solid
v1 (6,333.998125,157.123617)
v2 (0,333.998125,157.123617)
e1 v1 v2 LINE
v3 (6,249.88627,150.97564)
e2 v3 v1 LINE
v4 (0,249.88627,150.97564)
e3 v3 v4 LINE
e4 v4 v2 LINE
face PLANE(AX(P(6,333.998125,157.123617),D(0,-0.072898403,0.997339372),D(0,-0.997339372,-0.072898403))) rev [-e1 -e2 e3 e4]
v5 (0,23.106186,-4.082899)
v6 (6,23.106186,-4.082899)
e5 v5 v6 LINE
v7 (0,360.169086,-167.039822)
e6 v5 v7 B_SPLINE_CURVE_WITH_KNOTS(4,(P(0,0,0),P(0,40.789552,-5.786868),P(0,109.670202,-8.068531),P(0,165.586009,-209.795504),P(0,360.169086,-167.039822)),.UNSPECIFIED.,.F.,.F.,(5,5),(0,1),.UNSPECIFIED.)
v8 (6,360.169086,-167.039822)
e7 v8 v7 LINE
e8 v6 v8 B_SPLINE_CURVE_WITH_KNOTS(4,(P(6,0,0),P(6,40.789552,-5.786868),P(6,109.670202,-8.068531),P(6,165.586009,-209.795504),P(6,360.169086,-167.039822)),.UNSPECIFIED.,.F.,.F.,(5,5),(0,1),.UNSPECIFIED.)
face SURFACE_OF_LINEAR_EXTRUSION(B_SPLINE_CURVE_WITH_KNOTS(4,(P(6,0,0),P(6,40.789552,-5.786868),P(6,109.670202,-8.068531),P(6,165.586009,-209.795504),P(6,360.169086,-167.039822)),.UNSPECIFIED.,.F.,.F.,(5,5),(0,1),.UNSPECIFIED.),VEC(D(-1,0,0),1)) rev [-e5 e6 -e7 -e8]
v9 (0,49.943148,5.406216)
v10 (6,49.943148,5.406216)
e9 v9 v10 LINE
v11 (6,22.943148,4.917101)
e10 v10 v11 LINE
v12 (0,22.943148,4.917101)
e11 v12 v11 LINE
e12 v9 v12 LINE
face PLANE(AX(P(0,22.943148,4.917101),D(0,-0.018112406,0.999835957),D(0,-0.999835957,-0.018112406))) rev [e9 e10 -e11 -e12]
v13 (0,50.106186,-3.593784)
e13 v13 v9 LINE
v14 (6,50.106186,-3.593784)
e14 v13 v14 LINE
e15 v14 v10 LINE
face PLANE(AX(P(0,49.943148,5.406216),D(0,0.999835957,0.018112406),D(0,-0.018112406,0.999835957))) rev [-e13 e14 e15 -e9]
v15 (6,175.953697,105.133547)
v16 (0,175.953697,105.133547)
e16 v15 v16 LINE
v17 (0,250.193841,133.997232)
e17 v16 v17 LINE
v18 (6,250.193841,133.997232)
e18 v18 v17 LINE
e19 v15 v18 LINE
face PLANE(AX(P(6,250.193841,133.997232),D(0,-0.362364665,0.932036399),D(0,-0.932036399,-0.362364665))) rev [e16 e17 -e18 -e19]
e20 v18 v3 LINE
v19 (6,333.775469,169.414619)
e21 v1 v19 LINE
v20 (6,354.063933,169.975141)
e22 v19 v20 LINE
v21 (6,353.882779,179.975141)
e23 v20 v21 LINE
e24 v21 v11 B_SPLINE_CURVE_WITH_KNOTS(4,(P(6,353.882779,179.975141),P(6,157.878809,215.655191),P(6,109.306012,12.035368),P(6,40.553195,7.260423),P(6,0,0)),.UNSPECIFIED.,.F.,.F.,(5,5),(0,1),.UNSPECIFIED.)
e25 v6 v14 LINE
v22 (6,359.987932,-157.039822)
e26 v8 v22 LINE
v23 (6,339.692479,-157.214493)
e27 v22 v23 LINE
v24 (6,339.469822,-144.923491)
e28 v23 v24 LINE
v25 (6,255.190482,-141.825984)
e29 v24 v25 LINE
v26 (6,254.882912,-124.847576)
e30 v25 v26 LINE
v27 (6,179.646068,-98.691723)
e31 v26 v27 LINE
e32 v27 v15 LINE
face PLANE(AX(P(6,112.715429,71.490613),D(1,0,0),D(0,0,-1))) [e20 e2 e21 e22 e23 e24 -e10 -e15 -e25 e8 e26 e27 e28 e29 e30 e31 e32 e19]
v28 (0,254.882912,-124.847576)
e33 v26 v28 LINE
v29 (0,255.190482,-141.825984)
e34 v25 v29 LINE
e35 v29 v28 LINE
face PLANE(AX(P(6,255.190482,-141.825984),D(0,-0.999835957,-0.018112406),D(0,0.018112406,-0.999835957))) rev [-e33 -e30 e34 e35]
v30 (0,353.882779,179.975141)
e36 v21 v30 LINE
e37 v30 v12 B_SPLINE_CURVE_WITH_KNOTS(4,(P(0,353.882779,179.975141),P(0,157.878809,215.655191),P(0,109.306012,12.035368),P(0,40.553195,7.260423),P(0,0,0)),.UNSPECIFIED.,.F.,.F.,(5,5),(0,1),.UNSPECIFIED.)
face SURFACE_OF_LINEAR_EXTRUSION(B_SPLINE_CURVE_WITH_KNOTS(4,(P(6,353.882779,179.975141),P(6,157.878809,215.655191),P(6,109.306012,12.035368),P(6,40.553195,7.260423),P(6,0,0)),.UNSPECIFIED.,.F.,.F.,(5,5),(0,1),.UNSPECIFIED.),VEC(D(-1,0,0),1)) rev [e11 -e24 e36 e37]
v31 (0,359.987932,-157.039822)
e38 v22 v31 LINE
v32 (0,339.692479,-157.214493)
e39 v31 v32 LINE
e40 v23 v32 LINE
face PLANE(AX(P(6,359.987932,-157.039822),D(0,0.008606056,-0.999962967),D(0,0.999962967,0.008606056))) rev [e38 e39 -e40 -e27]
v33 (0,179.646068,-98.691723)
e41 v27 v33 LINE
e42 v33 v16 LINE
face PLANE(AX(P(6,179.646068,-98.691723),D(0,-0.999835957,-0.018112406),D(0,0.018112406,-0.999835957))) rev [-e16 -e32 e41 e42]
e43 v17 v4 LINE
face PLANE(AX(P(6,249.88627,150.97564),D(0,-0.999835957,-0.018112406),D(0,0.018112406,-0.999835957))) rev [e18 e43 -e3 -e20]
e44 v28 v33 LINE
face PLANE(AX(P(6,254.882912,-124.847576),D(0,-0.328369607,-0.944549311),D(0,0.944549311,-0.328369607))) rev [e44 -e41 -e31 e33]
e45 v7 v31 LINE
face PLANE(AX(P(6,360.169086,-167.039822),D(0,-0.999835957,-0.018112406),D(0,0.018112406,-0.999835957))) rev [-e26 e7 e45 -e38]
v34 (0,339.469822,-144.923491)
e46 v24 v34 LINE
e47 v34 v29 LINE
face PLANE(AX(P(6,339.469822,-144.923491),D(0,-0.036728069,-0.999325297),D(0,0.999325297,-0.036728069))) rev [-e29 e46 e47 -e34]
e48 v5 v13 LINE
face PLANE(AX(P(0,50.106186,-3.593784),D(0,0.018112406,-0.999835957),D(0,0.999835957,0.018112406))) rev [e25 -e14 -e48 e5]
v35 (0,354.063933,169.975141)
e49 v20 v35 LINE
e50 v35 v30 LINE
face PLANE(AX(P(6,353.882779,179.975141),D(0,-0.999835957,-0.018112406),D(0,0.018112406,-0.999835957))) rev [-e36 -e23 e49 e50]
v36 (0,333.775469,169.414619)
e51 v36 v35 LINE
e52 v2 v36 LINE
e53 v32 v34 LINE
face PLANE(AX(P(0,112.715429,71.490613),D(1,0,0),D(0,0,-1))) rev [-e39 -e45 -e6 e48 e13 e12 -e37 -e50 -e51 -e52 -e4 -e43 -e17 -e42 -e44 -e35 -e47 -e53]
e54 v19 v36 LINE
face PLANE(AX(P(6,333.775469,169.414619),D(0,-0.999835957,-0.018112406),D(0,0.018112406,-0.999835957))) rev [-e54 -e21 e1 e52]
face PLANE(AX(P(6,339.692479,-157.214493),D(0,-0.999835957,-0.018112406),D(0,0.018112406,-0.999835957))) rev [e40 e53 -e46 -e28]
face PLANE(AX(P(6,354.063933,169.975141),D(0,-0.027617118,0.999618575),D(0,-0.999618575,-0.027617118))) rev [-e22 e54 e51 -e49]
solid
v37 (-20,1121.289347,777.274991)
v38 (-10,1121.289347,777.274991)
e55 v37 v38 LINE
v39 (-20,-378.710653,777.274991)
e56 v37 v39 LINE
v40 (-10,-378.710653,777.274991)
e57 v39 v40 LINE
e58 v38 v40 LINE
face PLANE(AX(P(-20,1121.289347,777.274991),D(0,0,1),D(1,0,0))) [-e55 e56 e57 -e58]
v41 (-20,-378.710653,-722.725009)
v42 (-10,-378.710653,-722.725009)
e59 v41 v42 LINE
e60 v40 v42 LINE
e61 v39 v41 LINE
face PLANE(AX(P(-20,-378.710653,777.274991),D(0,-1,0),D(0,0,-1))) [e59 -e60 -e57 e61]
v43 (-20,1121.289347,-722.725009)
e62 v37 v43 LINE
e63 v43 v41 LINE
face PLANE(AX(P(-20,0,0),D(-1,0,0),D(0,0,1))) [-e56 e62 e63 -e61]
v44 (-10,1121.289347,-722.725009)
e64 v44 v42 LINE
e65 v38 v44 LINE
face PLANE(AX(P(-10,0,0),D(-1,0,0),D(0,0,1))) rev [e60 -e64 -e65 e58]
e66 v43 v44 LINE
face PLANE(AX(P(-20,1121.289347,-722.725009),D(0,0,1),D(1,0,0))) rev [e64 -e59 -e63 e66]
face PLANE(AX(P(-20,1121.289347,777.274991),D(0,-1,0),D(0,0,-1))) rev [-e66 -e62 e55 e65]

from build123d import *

# Parameters (mm, degrees)
BOSS_EXTRU_2_DEPTH      = 10
BOSS_EXTRU_3_DEPTH      = 6
ENL_V_MAT_EXTRU_1_DEPTH = 6


with BuildPart() as part:
    # Esquisse3D1 → Boss.-Extru.2 (new body)
    with BuildSketch(Plane(origin=(-20, 1121.289346724, 777.274991403), x_dir=(0, -0.7071067811865476, -0.7071067811865476), z_dir=(1, 0, 0))):
        Polygon((0, 0), (1060.66017178, 1060.66017178), (2121.32034356, 0), (1060.66017178, -1060.66017178), align=None)
    extrude(amount=BOSS_EXTRU_2_DEPTH)


with BuildPart() as body_2:
    # Esquisse5 → Boss.-Extru.3 (new body)
    with BuildSketch(Plane(origin=(0, 0, 0), x_dir=(0, 0, -1), z_dir=(1, 0, 0))):
        with BuildLine():
            Line((167.039822401, 360.16908577), (157.039822401, 359.987931998))
            Line((157.039822401, 359.987931998), (157.21449267, 339.6924785))
            Line((157.21449267, 339.6924785), (144.923491305, 339.469822374))
            Line((144.923491305, 339.469822374), (141.825983952, 255.190482283))
            Line((141.825983952, 255.190482283), (124.84757632, 254.882912023))
            Line((124.84757632, 254.882912023), (98.691723454, 179.646068268))
            Line((98.691723454, 179.646068268), (-105.133547346, 175.953696593))
            Line((-105.133547346, 175.953696593), (-133.997232238, 250.193840666))
            Line((-133.997232238, 250.193840666), (-150.97563987, 249.886270406))
            Line((-150.97563987, 249.886270406), (-157.123617242, 333.998125053))
            Line((-157.123617242, 333.998125053), (-169.414618607, 333.775468927))
            Line((-169.414618607, 333.775468927), (-169.975141307, 354.063932562))
            Line((-169.975141307, 354.063932562), (-179.975141307, 353.882778789))
            add(Edge.make_bspline(
                [(0, 0), (-7.26042253, 40.553195008), (-12.035367719, 109.306012211), (-215.65519077, 157.878809234), (-179.975141307, 353.882778789)],
                knots=[0, 0, 0, 0, 0, 1, 1, 1, 1, 1], degree=4))
            add(Edge.make_bspline(
                [(0, 0), (5.786867989, 40.789551598), (8.06853099, 109.670201921), (209.795503557, 165.586009065), (167.039822401, 360.16908577)],
                knots=[0, 0, 0, 0, 0, 1, 1, 1, 1, 1], degree=4))
        make_face()
    extrude(amount=BOSS_EXTRU_3_DEPTH)

    # Esquisse6 → Enlèv. mat.-Extru.1 (cut)
    with BuildSketch(Plane(origin=(6, 0, 0), x_dir=(0, 0, -1), z_dir=(1, 0, 0))):
        Polygon((-4.917100529, 22.943147819), (-5.406215715, 49.943147819), (3.593784285, 50.106186214), (4.082899471, 23.106186214), (117.063261114, -47.52702125), (-85.227699586, -65.220017949), align=None)
    extrude(amount=-ENL_V_MAT_EXTRU_1_DEPTH, mode=Mode.SUBTRACT)


solid = Compound([part.part, body_2.part])
